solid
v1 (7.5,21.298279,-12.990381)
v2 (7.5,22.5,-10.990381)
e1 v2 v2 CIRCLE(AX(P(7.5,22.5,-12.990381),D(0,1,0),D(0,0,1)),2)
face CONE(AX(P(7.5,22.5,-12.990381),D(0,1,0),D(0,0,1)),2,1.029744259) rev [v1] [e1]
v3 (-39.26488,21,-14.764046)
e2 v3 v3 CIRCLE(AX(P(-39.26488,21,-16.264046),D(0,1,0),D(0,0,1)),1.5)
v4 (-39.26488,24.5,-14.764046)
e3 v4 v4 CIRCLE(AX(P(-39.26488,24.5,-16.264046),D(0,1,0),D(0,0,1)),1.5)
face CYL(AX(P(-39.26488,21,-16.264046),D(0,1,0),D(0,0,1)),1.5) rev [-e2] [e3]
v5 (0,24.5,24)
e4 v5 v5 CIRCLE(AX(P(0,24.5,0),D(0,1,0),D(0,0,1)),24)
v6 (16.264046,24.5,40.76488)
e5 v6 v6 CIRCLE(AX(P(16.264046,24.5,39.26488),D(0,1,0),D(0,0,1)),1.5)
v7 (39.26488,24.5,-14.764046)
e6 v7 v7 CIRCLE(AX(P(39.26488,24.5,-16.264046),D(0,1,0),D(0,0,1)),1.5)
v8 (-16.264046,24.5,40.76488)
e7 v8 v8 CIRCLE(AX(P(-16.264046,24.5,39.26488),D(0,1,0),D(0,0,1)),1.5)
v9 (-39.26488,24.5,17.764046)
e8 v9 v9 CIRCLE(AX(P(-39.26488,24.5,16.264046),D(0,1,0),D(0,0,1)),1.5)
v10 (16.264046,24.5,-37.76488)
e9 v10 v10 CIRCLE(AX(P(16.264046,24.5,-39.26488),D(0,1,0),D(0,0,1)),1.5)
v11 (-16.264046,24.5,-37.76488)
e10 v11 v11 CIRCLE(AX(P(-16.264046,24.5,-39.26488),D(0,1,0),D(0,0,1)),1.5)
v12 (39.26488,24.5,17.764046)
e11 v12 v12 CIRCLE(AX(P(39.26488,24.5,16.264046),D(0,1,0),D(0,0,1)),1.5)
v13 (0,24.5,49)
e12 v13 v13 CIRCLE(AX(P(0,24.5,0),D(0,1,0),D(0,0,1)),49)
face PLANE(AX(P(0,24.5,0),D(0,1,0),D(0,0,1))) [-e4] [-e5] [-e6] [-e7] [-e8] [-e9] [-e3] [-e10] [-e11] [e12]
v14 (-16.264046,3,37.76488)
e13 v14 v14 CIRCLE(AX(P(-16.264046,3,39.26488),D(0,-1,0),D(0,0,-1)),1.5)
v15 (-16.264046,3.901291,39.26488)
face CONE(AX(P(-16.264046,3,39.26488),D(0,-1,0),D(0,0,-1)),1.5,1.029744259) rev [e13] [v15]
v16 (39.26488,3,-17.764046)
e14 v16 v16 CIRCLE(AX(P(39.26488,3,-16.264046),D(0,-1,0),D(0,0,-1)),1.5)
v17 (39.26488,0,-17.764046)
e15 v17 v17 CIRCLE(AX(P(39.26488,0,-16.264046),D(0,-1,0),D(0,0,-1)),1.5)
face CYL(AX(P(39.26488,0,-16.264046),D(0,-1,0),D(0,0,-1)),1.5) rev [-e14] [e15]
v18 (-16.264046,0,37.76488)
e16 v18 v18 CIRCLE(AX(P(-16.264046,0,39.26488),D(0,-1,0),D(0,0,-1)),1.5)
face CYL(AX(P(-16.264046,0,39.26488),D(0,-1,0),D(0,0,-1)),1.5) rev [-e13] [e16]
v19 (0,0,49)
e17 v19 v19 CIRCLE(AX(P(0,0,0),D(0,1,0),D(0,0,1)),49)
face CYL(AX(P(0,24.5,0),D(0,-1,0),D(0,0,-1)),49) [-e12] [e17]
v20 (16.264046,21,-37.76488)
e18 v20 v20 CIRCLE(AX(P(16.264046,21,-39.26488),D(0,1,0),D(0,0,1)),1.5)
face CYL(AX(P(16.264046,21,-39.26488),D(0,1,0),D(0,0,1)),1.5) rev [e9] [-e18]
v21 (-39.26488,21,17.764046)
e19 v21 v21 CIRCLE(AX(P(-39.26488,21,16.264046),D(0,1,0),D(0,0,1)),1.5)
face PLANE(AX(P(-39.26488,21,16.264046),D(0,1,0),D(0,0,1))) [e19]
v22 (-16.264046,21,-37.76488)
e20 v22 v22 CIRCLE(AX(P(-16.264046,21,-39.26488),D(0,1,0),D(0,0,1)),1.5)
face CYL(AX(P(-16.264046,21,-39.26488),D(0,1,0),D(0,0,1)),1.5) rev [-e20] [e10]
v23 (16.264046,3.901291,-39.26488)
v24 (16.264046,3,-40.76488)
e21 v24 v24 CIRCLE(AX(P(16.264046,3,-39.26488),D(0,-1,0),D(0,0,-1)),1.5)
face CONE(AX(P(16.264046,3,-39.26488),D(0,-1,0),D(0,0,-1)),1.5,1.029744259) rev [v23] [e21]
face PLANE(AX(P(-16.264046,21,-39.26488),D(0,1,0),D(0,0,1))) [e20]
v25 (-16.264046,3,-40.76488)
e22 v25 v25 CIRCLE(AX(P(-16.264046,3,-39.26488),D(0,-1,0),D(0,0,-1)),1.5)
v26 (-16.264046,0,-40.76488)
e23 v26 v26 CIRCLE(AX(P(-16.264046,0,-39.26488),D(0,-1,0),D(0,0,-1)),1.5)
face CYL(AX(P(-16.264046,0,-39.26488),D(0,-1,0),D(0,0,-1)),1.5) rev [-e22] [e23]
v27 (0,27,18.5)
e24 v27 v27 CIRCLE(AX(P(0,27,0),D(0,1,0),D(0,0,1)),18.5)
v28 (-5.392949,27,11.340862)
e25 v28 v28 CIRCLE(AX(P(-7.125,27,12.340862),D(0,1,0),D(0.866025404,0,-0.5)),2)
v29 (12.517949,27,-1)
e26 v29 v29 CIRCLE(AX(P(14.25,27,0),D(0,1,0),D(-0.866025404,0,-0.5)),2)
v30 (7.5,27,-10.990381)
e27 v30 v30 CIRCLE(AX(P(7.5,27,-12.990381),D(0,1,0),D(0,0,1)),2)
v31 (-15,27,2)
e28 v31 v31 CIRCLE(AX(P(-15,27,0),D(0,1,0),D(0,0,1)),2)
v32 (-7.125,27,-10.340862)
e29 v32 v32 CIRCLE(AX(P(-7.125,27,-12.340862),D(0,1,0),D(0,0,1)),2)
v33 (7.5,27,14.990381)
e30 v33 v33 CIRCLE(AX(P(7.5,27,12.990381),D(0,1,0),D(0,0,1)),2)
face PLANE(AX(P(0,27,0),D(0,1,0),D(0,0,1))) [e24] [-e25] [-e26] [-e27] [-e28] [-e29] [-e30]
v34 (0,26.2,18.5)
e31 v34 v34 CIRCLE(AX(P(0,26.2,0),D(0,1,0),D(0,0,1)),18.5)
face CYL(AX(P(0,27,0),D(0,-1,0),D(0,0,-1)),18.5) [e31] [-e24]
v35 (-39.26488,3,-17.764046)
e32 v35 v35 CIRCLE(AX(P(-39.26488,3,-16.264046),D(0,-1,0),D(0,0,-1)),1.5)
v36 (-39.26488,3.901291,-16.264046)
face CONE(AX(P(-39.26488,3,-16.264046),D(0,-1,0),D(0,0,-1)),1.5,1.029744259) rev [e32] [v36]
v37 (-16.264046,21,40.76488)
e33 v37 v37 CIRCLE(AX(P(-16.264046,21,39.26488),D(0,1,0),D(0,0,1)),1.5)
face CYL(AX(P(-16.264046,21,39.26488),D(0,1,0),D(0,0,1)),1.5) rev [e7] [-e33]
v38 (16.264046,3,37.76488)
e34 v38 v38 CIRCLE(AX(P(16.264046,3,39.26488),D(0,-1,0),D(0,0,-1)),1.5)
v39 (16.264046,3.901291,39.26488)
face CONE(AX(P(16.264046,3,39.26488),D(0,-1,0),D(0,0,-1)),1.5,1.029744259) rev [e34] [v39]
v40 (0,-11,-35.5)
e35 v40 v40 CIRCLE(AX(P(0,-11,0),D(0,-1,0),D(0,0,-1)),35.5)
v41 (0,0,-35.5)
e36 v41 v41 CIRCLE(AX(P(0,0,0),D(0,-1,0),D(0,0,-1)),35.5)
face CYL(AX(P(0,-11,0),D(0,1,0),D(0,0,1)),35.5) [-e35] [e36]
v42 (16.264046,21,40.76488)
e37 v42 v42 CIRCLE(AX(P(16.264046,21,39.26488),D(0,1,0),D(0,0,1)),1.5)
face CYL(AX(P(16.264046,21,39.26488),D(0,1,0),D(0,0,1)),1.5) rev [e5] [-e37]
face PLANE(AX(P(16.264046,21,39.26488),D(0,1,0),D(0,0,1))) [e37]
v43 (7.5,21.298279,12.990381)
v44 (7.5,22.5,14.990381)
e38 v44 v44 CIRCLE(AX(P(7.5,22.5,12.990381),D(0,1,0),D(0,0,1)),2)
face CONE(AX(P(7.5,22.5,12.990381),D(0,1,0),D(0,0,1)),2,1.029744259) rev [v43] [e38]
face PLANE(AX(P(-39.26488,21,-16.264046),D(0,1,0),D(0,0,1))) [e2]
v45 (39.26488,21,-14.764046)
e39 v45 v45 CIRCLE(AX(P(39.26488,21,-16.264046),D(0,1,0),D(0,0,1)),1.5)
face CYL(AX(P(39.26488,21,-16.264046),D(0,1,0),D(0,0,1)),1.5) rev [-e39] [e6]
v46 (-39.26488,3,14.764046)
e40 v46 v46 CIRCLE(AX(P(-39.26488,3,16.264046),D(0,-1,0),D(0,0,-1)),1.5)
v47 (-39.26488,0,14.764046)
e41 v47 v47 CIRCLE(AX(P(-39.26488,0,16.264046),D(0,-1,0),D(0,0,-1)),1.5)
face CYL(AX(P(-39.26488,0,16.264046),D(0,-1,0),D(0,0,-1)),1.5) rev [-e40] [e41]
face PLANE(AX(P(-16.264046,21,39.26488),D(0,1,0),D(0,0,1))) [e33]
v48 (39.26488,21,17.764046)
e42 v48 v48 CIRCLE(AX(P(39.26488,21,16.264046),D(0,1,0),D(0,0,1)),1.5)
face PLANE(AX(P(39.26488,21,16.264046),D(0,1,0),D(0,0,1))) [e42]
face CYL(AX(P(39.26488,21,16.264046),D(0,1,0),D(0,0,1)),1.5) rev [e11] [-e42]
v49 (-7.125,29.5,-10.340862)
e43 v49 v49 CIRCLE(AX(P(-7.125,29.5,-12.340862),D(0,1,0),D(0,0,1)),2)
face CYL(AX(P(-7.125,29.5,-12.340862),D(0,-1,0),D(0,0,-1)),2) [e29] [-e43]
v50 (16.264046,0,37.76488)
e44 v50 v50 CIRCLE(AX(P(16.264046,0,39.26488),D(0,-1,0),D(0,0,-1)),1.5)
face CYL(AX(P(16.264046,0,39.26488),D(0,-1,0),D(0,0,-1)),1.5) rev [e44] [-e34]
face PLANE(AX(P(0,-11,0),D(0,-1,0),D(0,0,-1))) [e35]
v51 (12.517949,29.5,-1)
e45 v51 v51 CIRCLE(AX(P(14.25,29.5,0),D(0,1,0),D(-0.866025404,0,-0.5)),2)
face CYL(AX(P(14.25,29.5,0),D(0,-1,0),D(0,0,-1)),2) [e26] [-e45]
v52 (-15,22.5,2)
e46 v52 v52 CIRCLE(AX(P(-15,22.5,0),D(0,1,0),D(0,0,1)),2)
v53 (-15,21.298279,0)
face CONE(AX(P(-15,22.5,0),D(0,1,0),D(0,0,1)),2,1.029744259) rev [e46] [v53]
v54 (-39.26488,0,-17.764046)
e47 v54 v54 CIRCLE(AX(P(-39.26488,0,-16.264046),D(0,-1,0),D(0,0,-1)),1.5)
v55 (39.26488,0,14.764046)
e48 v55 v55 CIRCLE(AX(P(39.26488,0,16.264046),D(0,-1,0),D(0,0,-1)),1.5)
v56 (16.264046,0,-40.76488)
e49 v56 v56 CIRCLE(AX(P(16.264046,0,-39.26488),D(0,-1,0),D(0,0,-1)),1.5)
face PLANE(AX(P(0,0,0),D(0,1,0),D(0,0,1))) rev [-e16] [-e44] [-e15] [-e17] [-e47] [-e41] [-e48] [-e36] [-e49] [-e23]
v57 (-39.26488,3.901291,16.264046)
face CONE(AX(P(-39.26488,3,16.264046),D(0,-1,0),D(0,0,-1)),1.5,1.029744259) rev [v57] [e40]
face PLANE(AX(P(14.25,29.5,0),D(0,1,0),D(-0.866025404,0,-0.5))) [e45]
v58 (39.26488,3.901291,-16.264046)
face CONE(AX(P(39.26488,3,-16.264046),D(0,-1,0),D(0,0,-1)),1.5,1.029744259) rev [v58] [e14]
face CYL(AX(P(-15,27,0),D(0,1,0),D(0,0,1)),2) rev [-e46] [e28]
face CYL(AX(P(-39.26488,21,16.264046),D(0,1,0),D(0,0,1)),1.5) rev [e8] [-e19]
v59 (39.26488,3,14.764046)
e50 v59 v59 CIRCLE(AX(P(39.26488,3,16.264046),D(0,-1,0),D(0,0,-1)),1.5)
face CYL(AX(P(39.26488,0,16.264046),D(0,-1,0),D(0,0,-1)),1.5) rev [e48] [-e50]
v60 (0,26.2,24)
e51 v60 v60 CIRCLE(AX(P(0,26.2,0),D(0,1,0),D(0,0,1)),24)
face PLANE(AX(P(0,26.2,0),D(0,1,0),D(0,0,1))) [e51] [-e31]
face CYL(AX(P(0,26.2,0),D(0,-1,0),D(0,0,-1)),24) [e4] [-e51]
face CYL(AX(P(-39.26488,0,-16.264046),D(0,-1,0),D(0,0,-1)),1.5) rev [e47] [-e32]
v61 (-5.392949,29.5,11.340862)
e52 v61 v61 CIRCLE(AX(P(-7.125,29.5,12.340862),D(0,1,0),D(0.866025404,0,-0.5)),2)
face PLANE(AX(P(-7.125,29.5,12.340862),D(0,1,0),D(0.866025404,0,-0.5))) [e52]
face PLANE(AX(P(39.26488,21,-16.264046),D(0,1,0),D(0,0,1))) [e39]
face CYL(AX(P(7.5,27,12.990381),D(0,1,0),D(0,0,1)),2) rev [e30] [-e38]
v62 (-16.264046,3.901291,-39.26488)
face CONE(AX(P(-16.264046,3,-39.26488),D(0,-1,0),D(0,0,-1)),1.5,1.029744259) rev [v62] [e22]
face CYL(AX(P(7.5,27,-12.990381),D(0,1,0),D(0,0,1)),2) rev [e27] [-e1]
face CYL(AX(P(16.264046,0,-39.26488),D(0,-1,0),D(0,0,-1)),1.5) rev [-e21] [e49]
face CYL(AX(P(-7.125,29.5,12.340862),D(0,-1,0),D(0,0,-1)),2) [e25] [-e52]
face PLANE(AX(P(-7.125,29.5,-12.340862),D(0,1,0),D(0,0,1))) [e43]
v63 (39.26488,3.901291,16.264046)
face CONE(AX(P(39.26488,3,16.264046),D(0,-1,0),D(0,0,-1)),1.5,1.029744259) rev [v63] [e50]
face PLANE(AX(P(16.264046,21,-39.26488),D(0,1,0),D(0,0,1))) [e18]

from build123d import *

# Parameters (mm, degrees)
SKETCH1_R           = 49
BOSS_EXTRUDE1_DEPTH = 24.5
SKETCH2_R           = 24
BOSS_EXTRUDE2_DEPTH = 1.7
SKETCH3_R           = 18.5
BOSS_EXTRUDE3_DEPTH = 0.8
SKETCH4_R           = 35.5
BOSS_EXTRUDE4_DEPTH = 11
CIRPATTERN1_COUNT   = 8
CIRPATTERN2_COUNT   = 6
CUT_EXTRUDE1_START  = -3.5
SKETCH20_R          = 1.5
CUT_EXTRUDE1_DEPTH  = 3.5
SKETCH21_R          = 2
BOSS_EXTRUDE5_DEPTH = 2.5
CIRPATTERN3_COUNT   = 3


with BuildPart() as part:
    # Sketch1 → Boss-Extrude1 (new body)
    with BuildSketch(Plane(origin=(0, 0, 0), x_dir=(1, 0, 0), z_dir=(0, 1, 0))):
        Circle(SKETCH1_R)
    extrude(amount=BOSS_EXTRUDE1_DEPTH)

    # Sketch2 → Boss-Extrude2 (add)
    with BuildSketch(Plane(origin=(0, 24.5, 0), x_dir=(1, 0, 0), z_dir=(0, 1, 0))):
        Circle(SKETCH2_R)
    extrude(amount=BOSS_EXTRUDE2_DEPTH)

    # Sketch3 → Boss-Extrude3 (add)
    with BuildSketch(Plane(origin=(0, 26.2, 0), x_dir=(1, 0, 0), z_dir=(0, 1, 0))):
        Circle(SKETCH3_R)
    extrude(amount=BOSS_EXTRUDE3_DEPTH)

    # Sketch4 → Boss-Extrude4 (add)
    with BuildSketch(Plane.XZ):
        Circle(SKETCH4_R)
    extrude(amount=BOSS_EXTRUDE4_DEPTH)

    # Sketch13 → Ø3.0mm Dowel Hole1 (revolve, cut)
    with BuildSketch(Plane(origin=(-39.264880132, 0, 16.264045876), x_dir=(0, 0, -1), z_dir=(1, 0, 0))):
        Polygon((0, 0), (0, 3.901290929), (1.5, 3), (1.5, 0), align=None)
    f_3_0mm_dowel_hole1 = revolve(axis=Axis((-39.264880132, -6.35, 16.264045876), (0, 1, 0)), mode=Mode.SUBTRACT)

    # CirPattern1: Ø3.0mm Dowel Hole1 ×8 about axis
    cirpattern1_axis = Axis((0, -12.925, 0), (0, 1, 0))
    for i in range(1, CIRPATTERN1_COUNT):
        add(f_3_0mm_dowel_hole1.rotate(cirpattern1_axis, i * 360 / CIRPATTERN1_COUNT), mode=Mode.SUBTRACT)

    # Sketch15 → Ø4.0mm Dowel Hole1 (revolve, cut)
    with BuildSketch(Plane(origin=(-15, 27, 0), x_dir=(0, 0, 1), z_dir=(1, 0, 0))):
        Polygon((0, 0), (0, 5.701721238), (2, 4.5), (2, 0), align=None)
    f_4_0mm_dowel_hole1 = revolve(axis=Axis((-15, 33.35, 0), (0, -1, 0)), mode=Mode.SUBTRACT)

    # CirPattern2: Ø4.0mm Dowel Hole1 ×6 about axis, 3 skipped
    cirpattern2_axis = Axis((0, -12.925, 0), (0, 1, 0))
    add([f_4_0mm_dowel_hole1.rotate(cirpattern2_axis, i * 360 / CIRPATTERN2_COUNT) for i in range(1, CIRPATTERN2_COUNT) if i not in (1, 3, 5)], mode=Mode.SUBTRACT)

    # Sketch20 → Cut-Extrude1 (cut)
    with BuildSketch(Plane(origin=(0, 24.5, 0), x_dir=(1, 0, 0), z_dir=(0, 1, 0)).offset(CUT_EXTRUDE1_START)):
        with Locations((39.264880132, -16.264045876)):
            Circle(SKETCH20_R)
        with Locations((16.264045876, -39.264880132)):
            Circle(SKETCH20_R)
        with Locations((-16.264045876, -39.264880132)):
            Circle(SKETCH20_R)
        with Locations((-39.264880132, -16.264045876)):
            Circle(SKETCH20_R)
        with Locations((-39.264880132, 16.264045876)):
            Circle(SKETCH20_R)
        with Locations((-16.264045876, 39.264880132)):
            Circle(SKETCH20_R)
        with Locations((16.264045876, 39.264880132)):
            Circle(SKETCH20_R)
        with Locations((39.264880132, 16.264045876)):
            Circle(SKETCH20_R)
    extrude(amount=CUT_EXTRUDE1_DEPTH, mode=Mode.SUBTRACT)

    # Sketch21 → Boss-Extrude5 (add)
    with BuildSketch(Plane(origin=(0, 27, 0), x_dir=(1, 0, 0), z_dir=(0, 1, 0))):
        with Locations((-7.125, 12.340862004)):
            Circle(SKETCH21_R)
    boss_extrude5 = extrude(amount=BOSS_EXTRUDE5_DEPTH)

    # CirPattern3: Boss-Extrude5 ×3 about axis
    cirpattern3_axis = Axis((0, 27, 0), (0, 1, 0))
    for i in range(1, CIRPATTERN3_COUNT):
        add(boss_extrude5.rotate(cirpattern3_axis, i * 360 / CIRPATTERN3_COUNT))


solid = part.part
